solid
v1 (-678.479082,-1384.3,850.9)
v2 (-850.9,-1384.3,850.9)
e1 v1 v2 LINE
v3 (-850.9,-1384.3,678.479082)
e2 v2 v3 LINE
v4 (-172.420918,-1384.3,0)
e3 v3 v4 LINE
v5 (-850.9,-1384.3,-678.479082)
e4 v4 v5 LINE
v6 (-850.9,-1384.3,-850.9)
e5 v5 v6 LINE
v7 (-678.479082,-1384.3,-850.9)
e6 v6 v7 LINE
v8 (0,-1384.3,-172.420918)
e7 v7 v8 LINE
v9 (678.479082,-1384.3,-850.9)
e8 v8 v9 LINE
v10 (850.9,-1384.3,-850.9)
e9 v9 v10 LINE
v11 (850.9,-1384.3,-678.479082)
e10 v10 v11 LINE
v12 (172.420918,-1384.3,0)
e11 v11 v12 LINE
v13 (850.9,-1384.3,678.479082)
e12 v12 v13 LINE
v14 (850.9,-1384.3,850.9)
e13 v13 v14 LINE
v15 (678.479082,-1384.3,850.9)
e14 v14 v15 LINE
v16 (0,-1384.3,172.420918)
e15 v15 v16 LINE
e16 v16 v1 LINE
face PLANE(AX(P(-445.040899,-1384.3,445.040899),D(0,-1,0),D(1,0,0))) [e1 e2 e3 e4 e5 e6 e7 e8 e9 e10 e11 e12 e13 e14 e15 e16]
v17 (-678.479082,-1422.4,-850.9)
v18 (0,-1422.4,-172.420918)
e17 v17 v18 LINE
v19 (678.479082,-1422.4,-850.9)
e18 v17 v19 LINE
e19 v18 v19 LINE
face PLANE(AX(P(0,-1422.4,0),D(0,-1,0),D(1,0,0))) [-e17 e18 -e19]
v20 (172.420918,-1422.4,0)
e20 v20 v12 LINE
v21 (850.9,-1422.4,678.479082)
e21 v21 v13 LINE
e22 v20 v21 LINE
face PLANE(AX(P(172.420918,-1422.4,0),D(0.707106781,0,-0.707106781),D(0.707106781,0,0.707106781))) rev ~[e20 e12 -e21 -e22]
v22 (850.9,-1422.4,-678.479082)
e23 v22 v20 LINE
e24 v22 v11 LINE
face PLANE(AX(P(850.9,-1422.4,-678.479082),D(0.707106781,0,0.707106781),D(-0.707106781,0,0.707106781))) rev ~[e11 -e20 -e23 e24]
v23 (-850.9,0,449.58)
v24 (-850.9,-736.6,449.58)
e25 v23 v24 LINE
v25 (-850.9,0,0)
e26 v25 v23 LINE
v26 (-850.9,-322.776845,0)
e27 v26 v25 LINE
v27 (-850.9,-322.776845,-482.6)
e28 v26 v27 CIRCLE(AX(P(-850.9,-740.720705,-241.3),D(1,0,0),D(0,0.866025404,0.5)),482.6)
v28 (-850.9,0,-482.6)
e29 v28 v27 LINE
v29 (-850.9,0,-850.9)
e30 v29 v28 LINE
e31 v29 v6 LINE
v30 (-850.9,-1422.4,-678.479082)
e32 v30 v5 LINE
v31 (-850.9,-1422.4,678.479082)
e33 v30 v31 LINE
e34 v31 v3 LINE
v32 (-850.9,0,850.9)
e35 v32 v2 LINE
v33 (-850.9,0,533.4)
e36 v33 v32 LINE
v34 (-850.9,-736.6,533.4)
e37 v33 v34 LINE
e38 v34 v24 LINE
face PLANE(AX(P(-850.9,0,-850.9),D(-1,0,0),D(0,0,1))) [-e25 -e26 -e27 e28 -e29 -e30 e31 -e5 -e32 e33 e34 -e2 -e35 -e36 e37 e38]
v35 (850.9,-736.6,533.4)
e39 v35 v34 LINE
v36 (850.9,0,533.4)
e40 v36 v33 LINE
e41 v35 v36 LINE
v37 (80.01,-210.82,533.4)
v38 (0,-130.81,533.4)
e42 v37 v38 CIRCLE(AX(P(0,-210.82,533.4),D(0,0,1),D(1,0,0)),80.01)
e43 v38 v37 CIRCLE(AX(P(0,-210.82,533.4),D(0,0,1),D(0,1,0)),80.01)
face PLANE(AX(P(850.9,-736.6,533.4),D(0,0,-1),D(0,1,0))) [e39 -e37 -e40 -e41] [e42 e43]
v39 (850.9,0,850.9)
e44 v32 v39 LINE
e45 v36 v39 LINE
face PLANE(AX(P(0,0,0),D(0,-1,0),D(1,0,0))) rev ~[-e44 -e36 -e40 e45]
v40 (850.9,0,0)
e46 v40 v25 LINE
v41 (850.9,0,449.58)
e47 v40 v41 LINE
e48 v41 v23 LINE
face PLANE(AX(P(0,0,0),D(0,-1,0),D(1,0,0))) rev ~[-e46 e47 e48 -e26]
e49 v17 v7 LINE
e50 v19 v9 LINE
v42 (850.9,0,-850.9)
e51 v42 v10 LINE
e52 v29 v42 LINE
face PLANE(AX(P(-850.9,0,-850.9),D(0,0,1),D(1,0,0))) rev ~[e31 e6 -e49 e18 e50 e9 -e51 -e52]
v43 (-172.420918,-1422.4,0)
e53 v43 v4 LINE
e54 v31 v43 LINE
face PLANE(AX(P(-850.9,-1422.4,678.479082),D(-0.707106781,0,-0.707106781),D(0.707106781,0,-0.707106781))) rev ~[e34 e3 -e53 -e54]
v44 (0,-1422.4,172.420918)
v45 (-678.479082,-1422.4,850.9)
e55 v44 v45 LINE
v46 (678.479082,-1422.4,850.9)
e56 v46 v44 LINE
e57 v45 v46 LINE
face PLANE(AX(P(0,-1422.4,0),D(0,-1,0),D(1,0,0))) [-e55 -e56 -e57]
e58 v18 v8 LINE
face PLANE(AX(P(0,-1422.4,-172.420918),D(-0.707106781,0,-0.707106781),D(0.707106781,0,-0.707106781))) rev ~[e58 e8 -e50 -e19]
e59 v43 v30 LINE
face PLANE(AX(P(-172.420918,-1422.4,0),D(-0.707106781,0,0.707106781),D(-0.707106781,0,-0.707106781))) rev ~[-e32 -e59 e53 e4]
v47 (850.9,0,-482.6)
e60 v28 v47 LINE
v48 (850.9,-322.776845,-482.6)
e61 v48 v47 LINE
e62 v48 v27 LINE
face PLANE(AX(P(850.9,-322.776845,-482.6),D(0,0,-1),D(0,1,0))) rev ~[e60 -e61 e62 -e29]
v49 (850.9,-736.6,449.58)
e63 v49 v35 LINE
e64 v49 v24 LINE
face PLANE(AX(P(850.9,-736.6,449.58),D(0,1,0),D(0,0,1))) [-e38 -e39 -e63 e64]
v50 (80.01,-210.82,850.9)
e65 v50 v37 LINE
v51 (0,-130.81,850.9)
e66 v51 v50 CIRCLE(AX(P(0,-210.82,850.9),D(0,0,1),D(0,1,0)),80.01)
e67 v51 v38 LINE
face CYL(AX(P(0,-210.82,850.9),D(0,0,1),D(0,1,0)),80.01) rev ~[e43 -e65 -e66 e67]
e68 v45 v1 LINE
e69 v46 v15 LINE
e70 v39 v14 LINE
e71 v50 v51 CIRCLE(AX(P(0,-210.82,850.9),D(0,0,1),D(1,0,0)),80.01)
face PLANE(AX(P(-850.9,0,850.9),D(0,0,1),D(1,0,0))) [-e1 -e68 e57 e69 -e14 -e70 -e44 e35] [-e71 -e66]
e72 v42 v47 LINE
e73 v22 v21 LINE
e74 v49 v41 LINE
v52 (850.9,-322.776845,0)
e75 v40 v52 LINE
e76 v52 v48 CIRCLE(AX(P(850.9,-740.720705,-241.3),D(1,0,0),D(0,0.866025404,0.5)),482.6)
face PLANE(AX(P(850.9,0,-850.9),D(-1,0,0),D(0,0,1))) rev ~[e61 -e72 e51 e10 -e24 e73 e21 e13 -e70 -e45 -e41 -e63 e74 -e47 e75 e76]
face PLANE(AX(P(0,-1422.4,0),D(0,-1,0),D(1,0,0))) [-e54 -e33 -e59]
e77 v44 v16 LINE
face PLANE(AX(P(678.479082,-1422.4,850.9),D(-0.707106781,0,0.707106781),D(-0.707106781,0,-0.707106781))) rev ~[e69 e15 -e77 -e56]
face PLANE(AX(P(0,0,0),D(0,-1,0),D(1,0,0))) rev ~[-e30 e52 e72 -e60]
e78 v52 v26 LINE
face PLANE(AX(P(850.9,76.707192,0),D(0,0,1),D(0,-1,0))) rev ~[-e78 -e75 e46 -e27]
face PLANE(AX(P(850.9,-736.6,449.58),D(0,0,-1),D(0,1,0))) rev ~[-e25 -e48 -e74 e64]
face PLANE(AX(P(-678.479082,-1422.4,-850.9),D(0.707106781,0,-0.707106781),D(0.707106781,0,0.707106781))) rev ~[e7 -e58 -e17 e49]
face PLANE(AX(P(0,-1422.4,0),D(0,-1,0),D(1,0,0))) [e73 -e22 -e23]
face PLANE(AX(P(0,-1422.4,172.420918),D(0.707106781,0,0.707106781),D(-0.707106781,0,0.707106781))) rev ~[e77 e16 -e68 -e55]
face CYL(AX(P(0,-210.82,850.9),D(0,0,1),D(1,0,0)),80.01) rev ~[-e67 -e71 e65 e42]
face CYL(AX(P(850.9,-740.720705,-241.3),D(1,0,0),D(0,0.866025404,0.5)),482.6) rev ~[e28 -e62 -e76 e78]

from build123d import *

# Parameters (mm, degrees)
F0_W     = 1701.8
F0_H     = 1701.8
F1_DEPTH = 1422.4
F3_DEPTH = 38.1
F4_W     = 736.6
F4_H     = 83.82
F5_DEPTH = 1950.72
F7_DEPTH = 2123.44
F9_DEPTH = 383.54


with BuildPart() as f1:
    # F0 (on Front) → F1 (new body)
    with BuildSketch(Plane.XZ):
        Rectangle(F0_W, F0_H)
    extrude(amount=F1_DEPTH)

    # F2 (on face) → F3 (cut)
    with BuildSketch(Plane.XZ.offset(1422.4)):
        Polygon((-850.9, 678.4790824755), (-172.4209175245, 0), (0, 172.4209175245), (-678.4790824755, 850.9), (-850.9, 850.9), align=None)
        Polygon((-172.4209175245, 0), (-850.9, -678.4790824755), (-850.9, -850.9), (-678.4790824755, -850.9), (0, -172.4209175245), align=None)
        Polygon((0, 172.4209175245), (-172.4209175245, 0), (0, -172.4209175245), (172.4209175245, 0), align=None)
        Polygon((678.4790824755, 850.9), (0, 172.4209175245), (172.4209175245, 0), (850.9, 678.4790824755), (850.9, 850.9), align=None)
        Polygon((172.4209175245, 0), (0, -172.4209175245), (678.4790824755, -850.9), (850.9, -850.9), (850.9, -678.4790824755), align=None)
    extrude(amount=-F3_DEPTH, mode=Mode.SUBTRACT)

    # F4 (on face) → F5 (cut)
    with BuildSketch(Plane.YZ.offset(850.9)):
        with Locations((-368.3, 491.49)):
            Rectangle(F4_W, F4_H)
    extrude(amount=-F5_DEPTH, mode=Mode.SUBTRACT)

    # F6 (on face) → F7 (cut)
    with BuildSketch(Plane.YZ.offset(850.9)):
        with BuildLine():
            ThreePointArc((-322.7768453567, -482.6), (-274.564901456, -366.2060711665), (-258.1207052231, -241.3))
            ThreePointArc((-258.1207052231, -241.3), (-274.564901456, -116.3939288335), (-322.7768453567, 0))
            Line((-322.7768453567, 0), (-740.7207052231, 0))
            Line((-740.7207052231, 0), (-740.7207052231, -241.3))
            Line((-740.7207052231, -241.3), (-740.7207052231, -482.6))
            Line((-740.7207052231, -482.6), (-322.7768453567, -482.6))
        make_face()
        with BuildLine():
            ThreePointArc((-322.7768453567, 0), (-274.564901456, -116.3939288335), (-258.1207052231, -241.3))
            ThreePointArc((-258.1207052231, -241.3), (-274.564901456, -366.2060711665), (-322.7768453567, -482.6))
            Line((-322.7768453567, -482.6), (76.7071917653, -482.6))
            Line((76.7071917653, -482.6), (76.7071917653, 0))
            Line((76.7071917653, 0), (-322.7768453567, 0))
        make_face()
        with BuildLine():
            Line((-740.7207052231, 0), (-322.7768453567, 0))
            ThreePointArc((-322.7768453567, 0), (-1223.3207052231, -241.3), (-322.7768453567, -482.6))
            Line((-322.7768453567, -482.6), (-740.7207052231, -482.6))
            Line((-740.7207052231, -482.6), (-740.7207052231, -241.3))
            Line((-740.7207052231, -241.3), (-740.7207052231, 0))
        make_face()
    extrude(amount=-F7_DEPTH, mode=Mode.SUBTRACT)

    # F8 (on face) → F9 (cut)
    with BuildSketch(Plane.XY.offset(850.9)):
        with BuildLine():
            ThreePointArc((0, -130.81), (-56.5756135627, -267.3956135627), (80.01, -210.82))
            ThreePointArc((80.01, -210.82), (56.5756135627, -154.2443864373), (0, -130.81))
        make_face()
    extrude(amount=-F9_DEPTH, mode=Mode.SUBTRACT)


solid = f1.part
